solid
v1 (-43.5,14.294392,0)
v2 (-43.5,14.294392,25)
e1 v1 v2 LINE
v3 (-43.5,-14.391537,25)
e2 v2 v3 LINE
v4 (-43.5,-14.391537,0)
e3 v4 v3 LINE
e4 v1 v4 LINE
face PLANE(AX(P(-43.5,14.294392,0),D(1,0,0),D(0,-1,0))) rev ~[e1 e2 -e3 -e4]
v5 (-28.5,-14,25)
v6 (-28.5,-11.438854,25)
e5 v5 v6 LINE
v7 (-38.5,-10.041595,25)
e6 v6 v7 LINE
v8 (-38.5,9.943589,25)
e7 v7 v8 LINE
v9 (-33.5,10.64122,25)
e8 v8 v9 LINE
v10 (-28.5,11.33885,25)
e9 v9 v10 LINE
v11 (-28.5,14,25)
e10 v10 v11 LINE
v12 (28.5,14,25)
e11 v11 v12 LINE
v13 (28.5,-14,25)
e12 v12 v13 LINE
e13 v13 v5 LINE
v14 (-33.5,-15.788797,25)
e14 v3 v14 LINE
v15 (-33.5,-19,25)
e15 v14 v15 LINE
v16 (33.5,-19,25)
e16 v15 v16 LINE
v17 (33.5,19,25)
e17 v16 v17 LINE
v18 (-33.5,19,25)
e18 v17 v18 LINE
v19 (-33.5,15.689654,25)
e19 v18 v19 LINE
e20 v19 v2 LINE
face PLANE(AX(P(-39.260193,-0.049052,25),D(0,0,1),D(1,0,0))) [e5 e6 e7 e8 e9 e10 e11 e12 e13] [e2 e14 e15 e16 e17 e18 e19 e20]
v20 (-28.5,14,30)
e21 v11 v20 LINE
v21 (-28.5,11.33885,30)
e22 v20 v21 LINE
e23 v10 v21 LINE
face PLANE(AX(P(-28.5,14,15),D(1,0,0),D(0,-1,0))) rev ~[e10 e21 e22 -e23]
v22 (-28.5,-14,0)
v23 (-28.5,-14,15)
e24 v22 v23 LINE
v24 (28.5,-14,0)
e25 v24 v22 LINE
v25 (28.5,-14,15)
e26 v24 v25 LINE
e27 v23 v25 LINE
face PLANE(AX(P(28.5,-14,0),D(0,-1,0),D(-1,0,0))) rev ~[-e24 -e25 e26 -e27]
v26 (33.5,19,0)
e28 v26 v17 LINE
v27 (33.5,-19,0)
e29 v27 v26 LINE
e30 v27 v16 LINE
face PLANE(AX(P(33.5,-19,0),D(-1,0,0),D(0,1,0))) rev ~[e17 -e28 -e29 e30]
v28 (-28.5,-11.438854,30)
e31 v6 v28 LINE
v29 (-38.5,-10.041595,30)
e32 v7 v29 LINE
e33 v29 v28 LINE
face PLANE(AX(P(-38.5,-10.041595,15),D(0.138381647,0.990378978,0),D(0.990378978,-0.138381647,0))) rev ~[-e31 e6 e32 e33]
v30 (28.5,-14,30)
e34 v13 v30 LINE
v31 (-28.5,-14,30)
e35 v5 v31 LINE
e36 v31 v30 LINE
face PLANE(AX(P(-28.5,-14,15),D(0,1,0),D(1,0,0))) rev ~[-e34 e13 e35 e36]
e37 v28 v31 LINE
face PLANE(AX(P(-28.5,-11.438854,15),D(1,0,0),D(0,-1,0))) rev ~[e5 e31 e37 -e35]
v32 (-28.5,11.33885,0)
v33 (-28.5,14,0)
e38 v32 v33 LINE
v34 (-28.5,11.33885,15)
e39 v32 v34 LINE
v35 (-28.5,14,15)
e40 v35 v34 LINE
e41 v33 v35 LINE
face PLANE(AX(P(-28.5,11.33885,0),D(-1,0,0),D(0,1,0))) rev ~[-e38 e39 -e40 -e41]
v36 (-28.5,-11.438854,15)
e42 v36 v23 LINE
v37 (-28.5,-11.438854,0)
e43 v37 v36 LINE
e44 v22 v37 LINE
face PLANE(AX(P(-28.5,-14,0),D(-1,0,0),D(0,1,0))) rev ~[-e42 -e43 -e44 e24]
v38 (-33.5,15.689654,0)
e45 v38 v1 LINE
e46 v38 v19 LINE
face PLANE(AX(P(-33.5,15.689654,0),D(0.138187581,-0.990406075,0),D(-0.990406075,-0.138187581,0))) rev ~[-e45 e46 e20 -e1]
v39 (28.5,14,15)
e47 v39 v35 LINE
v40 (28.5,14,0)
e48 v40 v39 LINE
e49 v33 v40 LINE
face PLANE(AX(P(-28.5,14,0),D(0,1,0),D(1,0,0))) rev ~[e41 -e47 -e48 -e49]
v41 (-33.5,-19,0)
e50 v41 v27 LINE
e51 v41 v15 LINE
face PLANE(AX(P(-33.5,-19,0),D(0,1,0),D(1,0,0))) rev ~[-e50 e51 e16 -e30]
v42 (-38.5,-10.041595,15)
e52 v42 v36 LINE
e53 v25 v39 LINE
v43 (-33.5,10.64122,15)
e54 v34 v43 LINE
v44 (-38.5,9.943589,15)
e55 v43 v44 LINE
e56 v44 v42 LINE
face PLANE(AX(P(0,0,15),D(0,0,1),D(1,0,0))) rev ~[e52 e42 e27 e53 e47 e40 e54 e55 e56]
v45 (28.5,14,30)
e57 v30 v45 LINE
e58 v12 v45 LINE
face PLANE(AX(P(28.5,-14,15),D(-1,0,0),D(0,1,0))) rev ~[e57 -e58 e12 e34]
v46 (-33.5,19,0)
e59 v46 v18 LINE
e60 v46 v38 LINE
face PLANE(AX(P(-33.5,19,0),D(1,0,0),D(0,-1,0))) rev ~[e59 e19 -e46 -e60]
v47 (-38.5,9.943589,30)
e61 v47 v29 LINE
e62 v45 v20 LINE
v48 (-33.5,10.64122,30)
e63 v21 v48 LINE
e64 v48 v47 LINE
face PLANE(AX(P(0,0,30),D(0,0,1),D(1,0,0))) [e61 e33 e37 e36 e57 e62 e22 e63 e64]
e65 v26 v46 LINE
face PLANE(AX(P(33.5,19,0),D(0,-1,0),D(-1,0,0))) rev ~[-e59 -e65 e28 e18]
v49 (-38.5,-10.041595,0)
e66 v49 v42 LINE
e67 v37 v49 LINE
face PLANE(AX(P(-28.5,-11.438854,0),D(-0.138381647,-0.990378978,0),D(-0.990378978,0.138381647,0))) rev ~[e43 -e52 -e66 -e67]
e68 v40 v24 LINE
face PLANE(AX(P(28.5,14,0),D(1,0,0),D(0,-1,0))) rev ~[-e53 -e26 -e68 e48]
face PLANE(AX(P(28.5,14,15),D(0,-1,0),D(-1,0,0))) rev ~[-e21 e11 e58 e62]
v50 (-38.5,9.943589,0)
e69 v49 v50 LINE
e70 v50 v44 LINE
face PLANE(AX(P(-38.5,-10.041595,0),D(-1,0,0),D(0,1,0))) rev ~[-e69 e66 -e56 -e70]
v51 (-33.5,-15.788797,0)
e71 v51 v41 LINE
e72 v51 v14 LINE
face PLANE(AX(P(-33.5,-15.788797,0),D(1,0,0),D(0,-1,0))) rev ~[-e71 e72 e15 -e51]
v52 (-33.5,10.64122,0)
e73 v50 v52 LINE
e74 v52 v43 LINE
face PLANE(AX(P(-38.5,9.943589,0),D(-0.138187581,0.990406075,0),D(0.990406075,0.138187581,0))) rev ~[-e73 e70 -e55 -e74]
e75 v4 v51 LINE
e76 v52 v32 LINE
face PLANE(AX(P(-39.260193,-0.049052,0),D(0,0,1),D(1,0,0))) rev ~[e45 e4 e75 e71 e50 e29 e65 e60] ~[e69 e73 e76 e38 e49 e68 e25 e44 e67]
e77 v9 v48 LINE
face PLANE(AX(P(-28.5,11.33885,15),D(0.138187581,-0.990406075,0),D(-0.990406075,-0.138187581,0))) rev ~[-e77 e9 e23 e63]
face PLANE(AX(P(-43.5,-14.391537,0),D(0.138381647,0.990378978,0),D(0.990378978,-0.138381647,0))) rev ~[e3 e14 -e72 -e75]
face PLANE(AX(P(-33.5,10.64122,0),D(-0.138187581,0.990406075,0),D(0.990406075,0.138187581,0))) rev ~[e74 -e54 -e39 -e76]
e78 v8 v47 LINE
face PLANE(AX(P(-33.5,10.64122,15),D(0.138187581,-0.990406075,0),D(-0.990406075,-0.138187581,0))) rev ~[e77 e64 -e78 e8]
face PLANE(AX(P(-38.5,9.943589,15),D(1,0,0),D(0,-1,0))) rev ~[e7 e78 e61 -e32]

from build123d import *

# Parameters (mm, degrees)
F1_START = 15
F1_DEPTH = 15
F2_DEPTH = 25


with BuildPart() as f1:
    # F0 (on Top) → F1 (new body)
    with BuildSketch(Plane.XY.offset(F1_START)):
        Polygon((28.5, -14), (28.5, 14), (-28.5, 14), (-28.5, 11.3388504833), (-28.5, -11.4388540387), (-28.5, -14), align=None)
        Polygon((-28.5, -11.4388540387), (-28.5, 11.3388504833), (-33.5, 10.6412195601), (-33.5, -10.740224272), align=None)
        Polygon((-33.5, -10.740224272), (-33.5, 10.6412195601), (-38.5, 9.9435886368), (-38.5, -10.0415945053), align=None)
    extrude(amount=F1_DEPTH)

    # F0 (on Top) → F2 (join)
    with BuildSketch(Plane.XY):
        Polygon((-38.5, 9.9435886368), (-33.5, 10.6412195601), (-33.5, 15.6896538624), (-43.5, 14.2943920159), (-43.5, -14.3915371656), (-33.5, -15.788796699), (-33.5, -10.740224272), (-38.5, -10.0415945053), align=None)
        Polygon((-28.5, 14), (28.5, 14), (28.5, -14), (-28.5, -14), (-28.5, -11.4388540387), (-33.5, -10.740224272), (-33.5, -15.788796699), (-33.5, -19), (33.5, -19), (33.5, 19), (-33.5, 19), (-33.5, 15.6896538624), (-33.5, 10.6412195601), (-28.5, 11.3388504833), align=None)
    extrude(amount=F2_DEPTH)


solid = f1.part
